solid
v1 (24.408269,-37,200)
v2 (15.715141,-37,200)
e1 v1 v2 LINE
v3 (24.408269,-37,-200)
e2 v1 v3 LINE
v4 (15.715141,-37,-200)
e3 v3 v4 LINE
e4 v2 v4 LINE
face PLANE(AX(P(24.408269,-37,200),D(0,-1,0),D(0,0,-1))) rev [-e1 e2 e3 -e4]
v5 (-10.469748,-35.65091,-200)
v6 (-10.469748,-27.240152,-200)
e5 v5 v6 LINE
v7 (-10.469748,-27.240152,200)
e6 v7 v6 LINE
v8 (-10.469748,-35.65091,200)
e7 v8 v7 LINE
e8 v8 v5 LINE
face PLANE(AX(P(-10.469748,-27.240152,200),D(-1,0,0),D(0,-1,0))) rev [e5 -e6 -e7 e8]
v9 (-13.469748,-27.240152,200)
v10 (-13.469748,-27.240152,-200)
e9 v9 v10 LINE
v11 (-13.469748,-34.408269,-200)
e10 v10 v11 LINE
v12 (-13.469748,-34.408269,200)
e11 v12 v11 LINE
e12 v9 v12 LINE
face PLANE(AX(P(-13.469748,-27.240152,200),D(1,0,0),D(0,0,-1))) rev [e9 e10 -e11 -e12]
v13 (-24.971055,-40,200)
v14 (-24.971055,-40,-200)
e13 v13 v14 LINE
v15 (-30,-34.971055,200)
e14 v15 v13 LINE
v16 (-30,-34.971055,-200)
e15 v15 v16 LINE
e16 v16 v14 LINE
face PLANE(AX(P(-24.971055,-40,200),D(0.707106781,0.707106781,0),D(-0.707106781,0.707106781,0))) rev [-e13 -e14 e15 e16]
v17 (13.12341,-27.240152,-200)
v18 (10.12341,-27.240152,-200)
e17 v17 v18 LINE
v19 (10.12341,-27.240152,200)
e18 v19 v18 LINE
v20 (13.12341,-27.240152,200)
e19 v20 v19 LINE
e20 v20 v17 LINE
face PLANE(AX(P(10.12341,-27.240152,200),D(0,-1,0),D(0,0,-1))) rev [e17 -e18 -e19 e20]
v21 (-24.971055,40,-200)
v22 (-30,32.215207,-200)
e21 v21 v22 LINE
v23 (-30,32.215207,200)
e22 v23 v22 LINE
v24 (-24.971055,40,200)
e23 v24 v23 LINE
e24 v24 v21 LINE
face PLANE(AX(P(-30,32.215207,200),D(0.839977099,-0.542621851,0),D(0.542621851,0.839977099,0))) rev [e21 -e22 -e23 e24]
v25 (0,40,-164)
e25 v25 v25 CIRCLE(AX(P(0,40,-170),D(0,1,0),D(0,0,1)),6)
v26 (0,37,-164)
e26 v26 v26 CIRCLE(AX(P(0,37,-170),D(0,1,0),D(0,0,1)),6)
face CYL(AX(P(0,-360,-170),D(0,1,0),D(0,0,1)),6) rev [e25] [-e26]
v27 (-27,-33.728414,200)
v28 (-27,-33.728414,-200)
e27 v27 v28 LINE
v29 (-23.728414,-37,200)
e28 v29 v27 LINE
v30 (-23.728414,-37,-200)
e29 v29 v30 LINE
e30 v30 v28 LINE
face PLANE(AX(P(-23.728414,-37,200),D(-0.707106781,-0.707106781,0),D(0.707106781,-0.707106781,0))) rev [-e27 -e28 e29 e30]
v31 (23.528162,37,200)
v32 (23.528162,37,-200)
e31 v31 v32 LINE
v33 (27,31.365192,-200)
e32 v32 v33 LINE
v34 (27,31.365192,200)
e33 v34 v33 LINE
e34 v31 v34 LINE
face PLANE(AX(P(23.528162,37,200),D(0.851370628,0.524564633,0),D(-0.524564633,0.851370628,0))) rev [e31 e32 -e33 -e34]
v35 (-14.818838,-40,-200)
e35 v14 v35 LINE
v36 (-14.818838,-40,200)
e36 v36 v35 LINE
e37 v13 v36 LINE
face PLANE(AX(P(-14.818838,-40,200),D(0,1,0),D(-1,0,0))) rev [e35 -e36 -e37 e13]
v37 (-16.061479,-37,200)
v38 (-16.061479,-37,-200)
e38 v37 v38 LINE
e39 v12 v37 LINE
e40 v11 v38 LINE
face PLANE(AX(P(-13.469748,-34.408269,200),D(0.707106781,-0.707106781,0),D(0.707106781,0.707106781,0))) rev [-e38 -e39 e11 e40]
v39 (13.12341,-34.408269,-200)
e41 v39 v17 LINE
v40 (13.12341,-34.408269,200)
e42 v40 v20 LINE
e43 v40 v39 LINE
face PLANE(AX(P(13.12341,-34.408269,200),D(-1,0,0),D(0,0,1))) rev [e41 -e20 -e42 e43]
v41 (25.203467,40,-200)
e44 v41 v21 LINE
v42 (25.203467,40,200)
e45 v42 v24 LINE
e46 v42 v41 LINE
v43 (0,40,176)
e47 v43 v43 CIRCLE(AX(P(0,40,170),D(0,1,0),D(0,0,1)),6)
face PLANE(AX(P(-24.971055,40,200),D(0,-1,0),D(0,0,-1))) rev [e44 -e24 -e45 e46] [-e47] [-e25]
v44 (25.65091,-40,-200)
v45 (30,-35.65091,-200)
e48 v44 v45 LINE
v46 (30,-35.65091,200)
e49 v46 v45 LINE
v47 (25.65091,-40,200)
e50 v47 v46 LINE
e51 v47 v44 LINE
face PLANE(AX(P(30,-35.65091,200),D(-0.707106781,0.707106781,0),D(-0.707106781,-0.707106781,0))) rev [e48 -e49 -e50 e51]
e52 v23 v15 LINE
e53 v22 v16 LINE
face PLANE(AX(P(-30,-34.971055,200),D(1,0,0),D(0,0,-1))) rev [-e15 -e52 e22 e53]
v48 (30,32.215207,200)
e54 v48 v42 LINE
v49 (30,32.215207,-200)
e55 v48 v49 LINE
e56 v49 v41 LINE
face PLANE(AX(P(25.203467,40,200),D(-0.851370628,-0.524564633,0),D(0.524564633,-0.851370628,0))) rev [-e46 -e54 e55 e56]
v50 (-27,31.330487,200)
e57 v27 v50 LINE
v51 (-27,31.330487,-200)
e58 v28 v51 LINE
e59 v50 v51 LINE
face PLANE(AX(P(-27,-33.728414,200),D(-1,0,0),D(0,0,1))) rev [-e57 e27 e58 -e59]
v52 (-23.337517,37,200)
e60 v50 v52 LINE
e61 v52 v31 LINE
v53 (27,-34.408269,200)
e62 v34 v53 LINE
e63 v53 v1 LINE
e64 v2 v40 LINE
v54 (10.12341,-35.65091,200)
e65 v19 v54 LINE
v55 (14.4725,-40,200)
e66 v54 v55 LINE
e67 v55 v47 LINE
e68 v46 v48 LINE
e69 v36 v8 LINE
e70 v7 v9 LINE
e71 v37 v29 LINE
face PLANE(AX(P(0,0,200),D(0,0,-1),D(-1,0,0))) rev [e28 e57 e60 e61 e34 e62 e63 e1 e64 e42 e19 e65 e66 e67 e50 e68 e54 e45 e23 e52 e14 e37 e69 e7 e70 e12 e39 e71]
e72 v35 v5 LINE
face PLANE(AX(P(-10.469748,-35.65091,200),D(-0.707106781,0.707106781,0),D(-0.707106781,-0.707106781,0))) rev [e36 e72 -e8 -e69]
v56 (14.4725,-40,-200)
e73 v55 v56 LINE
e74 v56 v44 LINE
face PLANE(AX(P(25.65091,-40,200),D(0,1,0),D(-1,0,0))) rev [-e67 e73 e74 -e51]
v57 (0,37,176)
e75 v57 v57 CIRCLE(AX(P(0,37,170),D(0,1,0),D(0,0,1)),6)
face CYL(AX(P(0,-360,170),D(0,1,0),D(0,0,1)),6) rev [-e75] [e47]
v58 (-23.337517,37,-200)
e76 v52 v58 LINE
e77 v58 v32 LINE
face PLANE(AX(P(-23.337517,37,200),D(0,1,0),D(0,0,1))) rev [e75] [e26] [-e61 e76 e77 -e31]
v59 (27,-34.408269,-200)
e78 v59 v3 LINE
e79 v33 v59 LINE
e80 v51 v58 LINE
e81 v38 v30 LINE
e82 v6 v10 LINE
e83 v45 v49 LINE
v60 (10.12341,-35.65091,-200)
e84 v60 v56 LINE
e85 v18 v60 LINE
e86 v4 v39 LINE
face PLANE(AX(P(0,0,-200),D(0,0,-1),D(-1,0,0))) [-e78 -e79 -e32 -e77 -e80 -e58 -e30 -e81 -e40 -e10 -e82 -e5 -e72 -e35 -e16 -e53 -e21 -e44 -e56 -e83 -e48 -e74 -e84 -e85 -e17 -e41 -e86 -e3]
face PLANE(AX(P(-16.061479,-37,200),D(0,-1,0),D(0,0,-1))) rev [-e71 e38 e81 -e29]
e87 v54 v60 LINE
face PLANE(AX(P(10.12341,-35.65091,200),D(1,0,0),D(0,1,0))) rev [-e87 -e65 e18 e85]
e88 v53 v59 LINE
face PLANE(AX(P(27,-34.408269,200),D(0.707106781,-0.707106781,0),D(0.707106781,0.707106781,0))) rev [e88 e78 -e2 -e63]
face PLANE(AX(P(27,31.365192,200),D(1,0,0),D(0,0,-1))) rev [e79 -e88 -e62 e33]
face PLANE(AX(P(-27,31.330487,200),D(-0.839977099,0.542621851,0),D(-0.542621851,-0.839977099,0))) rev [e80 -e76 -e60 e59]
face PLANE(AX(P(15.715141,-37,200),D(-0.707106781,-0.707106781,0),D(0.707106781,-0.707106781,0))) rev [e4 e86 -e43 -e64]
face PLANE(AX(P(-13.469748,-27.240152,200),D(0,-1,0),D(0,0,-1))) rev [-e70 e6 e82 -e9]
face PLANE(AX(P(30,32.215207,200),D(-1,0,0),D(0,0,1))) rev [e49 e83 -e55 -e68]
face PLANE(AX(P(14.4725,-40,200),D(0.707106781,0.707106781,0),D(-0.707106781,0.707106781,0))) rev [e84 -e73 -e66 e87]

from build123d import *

# Parameters (mm, degrees)
SALIENTE_EXTRUIR1_DEPTH = 200
CROQUIS2_R              = 6
CORTAR_EXTRUIR1_DEPTH   = 400


with BuildPart() as part:
    # Croquis1 → Saliente-Extruir1 (new, symmetric)
    with BuildSketch(Plane.XY):
        Polygon((-10.469747898, -27.240151607), (-10.469747898, -35.650909673), (-14.818838224, -40), (-24.971054909, -40), (-30, -34.971054909), (-30, 32.215207139), (-24.971054909, 40), (25.20346735, 40), (30, 32.215207139), (30, -35.650909673), (25.650909673, -40), (14.472500162, -40), (10.123409835, -35.650909673), (10.123409835, -27.240151607), (13.123409835, -27.240151607), (13.123409835, -34.408268986), (15.715140849, -37), (24.408268986, -37), (27, -34.408268986), (27, 31.365191547), (23.528161609, 37), (-23.337516983, 37), (-27, 31.330486588), (-27, -33.728414222), (-23.728414222, -37), (-16.061478911, -37), (-13.469747898, -34.408268986), (-13.469747898, -27.240151607), align=None)
    extrude(amount=SALIENTE_EXTRUIR1_DEPTH, both=True)

    # Croquis2 → Cortar-Extruir1 (cut)
    with BuildSketch(Plane(origin=(0, 40, 0), x_dir=(1, 0, 0), z_dir=(0, 1, 0))):
        with Locations(Location((0, 170, 0), (0, 0, 270))):
            Circle(CROQUIS2_R)
        with Locations(Location((0, -170, 0), (0, 0, 270))):
            Circle(CROQUIS2_R)
    extrude(amount=-CORTAR_EXTRUIR1_DEPTH, mode=Mode.SUBTRACT)


solid = part.part
